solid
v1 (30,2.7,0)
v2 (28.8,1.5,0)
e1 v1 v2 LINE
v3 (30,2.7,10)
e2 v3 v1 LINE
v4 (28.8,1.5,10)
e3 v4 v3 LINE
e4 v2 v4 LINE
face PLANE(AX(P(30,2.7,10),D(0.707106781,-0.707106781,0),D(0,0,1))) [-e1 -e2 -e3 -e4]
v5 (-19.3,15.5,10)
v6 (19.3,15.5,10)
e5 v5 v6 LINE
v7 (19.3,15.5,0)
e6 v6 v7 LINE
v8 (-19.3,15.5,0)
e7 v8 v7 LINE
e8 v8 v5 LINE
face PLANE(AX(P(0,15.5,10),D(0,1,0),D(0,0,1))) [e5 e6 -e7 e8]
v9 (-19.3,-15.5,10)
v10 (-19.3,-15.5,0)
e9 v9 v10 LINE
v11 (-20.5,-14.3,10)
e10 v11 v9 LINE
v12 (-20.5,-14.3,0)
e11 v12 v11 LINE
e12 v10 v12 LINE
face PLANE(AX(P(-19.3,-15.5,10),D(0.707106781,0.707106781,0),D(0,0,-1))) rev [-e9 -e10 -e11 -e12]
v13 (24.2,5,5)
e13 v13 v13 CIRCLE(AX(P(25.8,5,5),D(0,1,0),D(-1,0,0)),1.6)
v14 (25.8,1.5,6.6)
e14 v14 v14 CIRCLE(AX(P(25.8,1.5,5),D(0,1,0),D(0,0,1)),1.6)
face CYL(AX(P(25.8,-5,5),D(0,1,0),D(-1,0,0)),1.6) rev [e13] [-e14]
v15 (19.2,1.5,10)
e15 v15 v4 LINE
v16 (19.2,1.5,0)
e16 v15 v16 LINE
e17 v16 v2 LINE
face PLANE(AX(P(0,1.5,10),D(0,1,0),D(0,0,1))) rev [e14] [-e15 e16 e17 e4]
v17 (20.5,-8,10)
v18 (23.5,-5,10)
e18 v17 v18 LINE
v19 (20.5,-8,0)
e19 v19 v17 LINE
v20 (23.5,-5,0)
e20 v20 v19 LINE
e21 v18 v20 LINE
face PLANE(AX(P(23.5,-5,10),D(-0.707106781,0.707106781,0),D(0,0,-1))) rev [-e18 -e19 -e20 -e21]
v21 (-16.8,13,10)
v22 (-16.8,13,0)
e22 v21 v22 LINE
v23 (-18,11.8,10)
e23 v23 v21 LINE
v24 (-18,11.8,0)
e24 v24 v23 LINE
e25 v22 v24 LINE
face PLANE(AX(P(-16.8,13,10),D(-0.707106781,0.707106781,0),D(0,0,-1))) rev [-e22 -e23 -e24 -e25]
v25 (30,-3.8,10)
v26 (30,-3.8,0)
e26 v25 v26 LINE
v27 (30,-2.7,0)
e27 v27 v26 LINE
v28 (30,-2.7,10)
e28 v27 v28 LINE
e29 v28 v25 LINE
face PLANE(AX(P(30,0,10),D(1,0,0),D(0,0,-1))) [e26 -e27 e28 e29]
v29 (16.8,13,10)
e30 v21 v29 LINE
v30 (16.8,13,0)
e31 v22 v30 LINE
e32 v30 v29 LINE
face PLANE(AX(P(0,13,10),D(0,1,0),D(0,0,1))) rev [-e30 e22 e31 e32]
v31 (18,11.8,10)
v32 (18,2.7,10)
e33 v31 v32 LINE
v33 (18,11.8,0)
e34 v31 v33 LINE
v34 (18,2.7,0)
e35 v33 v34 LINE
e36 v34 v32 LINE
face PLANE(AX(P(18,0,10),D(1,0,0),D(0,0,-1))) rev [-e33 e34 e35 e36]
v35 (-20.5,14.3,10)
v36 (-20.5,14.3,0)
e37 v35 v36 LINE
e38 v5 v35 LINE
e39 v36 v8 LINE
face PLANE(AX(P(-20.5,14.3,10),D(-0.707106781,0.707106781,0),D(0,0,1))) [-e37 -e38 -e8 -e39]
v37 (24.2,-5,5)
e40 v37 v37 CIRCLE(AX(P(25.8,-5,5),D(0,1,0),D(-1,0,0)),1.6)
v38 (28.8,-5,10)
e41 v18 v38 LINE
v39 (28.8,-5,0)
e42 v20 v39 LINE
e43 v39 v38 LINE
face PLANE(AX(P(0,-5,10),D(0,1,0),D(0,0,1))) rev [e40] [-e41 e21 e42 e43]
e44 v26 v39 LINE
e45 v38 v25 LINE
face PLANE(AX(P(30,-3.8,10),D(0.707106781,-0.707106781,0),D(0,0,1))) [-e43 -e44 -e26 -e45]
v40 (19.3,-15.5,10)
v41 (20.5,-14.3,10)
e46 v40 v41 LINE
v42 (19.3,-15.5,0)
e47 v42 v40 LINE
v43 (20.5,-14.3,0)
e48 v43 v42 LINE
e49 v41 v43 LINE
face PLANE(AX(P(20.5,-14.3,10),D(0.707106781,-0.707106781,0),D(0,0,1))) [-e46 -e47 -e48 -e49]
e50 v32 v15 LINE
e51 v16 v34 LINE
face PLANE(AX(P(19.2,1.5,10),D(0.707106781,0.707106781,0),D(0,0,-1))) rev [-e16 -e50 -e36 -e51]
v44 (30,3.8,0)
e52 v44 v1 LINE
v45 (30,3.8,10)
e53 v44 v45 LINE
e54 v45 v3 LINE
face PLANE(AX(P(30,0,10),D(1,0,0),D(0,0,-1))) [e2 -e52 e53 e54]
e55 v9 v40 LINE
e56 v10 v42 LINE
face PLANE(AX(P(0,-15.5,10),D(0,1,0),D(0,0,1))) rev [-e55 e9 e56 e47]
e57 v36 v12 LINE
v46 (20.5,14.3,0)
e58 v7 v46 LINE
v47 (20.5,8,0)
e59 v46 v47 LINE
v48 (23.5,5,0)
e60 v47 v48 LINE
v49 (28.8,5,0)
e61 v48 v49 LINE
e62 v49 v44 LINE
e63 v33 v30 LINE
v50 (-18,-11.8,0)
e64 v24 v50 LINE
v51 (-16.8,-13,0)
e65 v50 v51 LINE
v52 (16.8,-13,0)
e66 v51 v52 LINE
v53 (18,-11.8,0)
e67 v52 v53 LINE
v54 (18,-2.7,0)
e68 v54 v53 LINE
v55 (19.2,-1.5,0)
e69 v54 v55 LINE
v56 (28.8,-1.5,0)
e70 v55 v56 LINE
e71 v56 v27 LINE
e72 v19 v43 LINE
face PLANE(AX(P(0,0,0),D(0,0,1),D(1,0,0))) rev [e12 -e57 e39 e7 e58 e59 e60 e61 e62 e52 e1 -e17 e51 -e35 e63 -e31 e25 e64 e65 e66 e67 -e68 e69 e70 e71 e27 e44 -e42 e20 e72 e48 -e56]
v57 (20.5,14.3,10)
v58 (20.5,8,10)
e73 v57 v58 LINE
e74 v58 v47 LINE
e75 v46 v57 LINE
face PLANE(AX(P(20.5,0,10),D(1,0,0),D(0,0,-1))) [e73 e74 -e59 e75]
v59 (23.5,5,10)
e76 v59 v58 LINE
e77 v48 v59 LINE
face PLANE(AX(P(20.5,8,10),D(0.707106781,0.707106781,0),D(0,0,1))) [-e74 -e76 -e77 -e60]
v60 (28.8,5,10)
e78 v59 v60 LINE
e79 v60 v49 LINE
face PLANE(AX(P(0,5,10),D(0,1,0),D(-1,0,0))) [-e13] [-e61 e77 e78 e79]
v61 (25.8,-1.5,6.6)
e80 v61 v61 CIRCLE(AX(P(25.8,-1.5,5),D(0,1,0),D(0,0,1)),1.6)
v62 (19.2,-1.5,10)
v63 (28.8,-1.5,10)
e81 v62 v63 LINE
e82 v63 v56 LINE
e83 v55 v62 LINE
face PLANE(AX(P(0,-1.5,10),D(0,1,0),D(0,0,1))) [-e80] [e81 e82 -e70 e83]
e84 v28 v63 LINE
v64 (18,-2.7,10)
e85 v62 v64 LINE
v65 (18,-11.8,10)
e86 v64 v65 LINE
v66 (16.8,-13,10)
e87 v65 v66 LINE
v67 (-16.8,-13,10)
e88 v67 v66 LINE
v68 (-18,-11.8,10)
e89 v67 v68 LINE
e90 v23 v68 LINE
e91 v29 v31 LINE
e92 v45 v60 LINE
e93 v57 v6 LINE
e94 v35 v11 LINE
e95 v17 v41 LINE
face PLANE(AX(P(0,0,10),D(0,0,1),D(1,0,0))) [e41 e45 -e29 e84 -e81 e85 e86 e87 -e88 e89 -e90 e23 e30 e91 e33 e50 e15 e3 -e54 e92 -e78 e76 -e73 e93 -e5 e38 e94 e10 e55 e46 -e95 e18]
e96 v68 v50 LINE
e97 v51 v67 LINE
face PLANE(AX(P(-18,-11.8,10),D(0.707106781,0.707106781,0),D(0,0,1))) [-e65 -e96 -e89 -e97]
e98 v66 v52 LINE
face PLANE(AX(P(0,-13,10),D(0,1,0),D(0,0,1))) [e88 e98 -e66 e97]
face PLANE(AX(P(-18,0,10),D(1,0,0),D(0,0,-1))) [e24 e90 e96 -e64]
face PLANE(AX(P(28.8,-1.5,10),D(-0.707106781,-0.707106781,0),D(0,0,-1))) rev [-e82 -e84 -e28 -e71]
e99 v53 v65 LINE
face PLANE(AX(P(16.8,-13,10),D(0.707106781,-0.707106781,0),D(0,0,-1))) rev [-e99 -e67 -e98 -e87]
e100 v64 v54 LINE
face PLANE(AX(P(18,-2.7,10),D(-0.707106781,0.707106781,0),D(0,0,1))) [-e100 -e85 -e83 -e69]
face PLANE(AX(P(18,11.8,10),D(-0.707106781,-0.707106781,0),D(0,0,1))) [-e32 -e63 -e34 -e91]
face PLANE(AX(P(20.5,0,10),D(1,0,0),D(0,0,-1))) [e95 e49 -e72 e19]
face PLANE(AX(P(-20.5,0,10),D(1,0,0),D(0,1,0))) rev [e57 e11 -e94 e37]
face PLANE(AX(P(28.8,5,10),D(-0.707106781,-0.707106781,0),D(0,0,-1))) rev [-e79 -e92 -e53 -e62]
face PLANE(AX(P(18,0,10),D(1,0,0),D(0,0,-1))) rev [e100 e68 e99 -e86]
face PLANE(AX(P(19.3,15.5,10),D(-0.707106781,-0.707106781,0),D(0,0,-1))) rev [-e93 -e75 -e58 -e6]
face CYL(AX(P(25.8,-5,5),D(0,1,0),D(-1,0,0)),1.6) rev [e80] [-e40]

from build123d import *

# Parameters (mm, degrees)
SKETCH1_W           = 9.5
SKETCH1_H           = 3.5
SKETCH1_W_2         = 2.5
BOSS_EXTRUDE1_DEPTH = 10
CHAMFER1_SIZE       = 3
CHAMFER2_SIZE       = 1.2
SKETCH2_R           = 1.6
CUT_EXTRUDE1_DEPTH  = 10


with BuildPart() as part:
    # Sketch1 → Boss-Extrude1 (new body)
    with BuildSketch(Plane.XY):
        with Locations((25.25, 3.25)):
            Rectangle(SKETCH1_W, SKETCH1_H)
        Polygon((20.5, 15.5), (-20.5, 15.5), (-20.5, -15.5), (20.5, -15.5), (20.5, -5), (18, -5), (18, -13), (-18, -13), (-18, 13), (18, 13), (18, 5), (20.5, 5), align=None)
        with Locations((19.25, -3.25)):
            Rectangle(SKETCH1_W_2, SKETCH1_H)
        with Locations((19.25, 3.25)):
            Rectangle(SKETCH1_W_2, SKETCH1_H)
        with Locations((25.25, -3.25)):
            Rectangle(SKETCH1_W, SKETCH1_H)
    extrude(amount=BOSS_EXTRUDE1_DEPTH)

    # Chamfer1
    chamfer1_edges = [part.edges().sort_by_distance(p)[0] for p in [
        (20.5, -5, 5),
        (20.5, 5, 5),
    ]]
    chamfer(chamfer1_edges, length=CHAMFER1_SIZE)

    # Chamfer2
    chamfer2_edges = [part.edges().sort_by_distance(p)[0] for p in [
        (30, 5, 5),
        (30, 1.5, 5),
        (18, 1.5, 5),
        (18, 13, 5),
        (-18, 13, 5),
        (-18, -13, 5),
        (18, -13, 5),
        (18, -1.5, 5),
        (30, -1.5, 5),
        (30, -5, 5),
        (20.5, -15.5, 5),
        (-20.5, -15.5, 5),
        (-20.5, 15.5, 5),
        (20.5, 15.5, 5),
    ]]
    chamfer(chamfer2_edges, length=CHAMFER2_SIZE)

    # Sketch2 → Cut-Extrude1 (cut)
    with BuildSketch(Plane(origin=(0, 5, 0), x_dir=(1, 0, 0), z_dir=(0, 1, 0))):
        with Locations(Location((25.8, -5, 0), (0, 0, 180))):
            Circle(SKETCH2_R)
    extrude(amount=-CUT_EXTRUDE1_DEPTH, mode=Mode.SUBTRACT)


solid = part.part
